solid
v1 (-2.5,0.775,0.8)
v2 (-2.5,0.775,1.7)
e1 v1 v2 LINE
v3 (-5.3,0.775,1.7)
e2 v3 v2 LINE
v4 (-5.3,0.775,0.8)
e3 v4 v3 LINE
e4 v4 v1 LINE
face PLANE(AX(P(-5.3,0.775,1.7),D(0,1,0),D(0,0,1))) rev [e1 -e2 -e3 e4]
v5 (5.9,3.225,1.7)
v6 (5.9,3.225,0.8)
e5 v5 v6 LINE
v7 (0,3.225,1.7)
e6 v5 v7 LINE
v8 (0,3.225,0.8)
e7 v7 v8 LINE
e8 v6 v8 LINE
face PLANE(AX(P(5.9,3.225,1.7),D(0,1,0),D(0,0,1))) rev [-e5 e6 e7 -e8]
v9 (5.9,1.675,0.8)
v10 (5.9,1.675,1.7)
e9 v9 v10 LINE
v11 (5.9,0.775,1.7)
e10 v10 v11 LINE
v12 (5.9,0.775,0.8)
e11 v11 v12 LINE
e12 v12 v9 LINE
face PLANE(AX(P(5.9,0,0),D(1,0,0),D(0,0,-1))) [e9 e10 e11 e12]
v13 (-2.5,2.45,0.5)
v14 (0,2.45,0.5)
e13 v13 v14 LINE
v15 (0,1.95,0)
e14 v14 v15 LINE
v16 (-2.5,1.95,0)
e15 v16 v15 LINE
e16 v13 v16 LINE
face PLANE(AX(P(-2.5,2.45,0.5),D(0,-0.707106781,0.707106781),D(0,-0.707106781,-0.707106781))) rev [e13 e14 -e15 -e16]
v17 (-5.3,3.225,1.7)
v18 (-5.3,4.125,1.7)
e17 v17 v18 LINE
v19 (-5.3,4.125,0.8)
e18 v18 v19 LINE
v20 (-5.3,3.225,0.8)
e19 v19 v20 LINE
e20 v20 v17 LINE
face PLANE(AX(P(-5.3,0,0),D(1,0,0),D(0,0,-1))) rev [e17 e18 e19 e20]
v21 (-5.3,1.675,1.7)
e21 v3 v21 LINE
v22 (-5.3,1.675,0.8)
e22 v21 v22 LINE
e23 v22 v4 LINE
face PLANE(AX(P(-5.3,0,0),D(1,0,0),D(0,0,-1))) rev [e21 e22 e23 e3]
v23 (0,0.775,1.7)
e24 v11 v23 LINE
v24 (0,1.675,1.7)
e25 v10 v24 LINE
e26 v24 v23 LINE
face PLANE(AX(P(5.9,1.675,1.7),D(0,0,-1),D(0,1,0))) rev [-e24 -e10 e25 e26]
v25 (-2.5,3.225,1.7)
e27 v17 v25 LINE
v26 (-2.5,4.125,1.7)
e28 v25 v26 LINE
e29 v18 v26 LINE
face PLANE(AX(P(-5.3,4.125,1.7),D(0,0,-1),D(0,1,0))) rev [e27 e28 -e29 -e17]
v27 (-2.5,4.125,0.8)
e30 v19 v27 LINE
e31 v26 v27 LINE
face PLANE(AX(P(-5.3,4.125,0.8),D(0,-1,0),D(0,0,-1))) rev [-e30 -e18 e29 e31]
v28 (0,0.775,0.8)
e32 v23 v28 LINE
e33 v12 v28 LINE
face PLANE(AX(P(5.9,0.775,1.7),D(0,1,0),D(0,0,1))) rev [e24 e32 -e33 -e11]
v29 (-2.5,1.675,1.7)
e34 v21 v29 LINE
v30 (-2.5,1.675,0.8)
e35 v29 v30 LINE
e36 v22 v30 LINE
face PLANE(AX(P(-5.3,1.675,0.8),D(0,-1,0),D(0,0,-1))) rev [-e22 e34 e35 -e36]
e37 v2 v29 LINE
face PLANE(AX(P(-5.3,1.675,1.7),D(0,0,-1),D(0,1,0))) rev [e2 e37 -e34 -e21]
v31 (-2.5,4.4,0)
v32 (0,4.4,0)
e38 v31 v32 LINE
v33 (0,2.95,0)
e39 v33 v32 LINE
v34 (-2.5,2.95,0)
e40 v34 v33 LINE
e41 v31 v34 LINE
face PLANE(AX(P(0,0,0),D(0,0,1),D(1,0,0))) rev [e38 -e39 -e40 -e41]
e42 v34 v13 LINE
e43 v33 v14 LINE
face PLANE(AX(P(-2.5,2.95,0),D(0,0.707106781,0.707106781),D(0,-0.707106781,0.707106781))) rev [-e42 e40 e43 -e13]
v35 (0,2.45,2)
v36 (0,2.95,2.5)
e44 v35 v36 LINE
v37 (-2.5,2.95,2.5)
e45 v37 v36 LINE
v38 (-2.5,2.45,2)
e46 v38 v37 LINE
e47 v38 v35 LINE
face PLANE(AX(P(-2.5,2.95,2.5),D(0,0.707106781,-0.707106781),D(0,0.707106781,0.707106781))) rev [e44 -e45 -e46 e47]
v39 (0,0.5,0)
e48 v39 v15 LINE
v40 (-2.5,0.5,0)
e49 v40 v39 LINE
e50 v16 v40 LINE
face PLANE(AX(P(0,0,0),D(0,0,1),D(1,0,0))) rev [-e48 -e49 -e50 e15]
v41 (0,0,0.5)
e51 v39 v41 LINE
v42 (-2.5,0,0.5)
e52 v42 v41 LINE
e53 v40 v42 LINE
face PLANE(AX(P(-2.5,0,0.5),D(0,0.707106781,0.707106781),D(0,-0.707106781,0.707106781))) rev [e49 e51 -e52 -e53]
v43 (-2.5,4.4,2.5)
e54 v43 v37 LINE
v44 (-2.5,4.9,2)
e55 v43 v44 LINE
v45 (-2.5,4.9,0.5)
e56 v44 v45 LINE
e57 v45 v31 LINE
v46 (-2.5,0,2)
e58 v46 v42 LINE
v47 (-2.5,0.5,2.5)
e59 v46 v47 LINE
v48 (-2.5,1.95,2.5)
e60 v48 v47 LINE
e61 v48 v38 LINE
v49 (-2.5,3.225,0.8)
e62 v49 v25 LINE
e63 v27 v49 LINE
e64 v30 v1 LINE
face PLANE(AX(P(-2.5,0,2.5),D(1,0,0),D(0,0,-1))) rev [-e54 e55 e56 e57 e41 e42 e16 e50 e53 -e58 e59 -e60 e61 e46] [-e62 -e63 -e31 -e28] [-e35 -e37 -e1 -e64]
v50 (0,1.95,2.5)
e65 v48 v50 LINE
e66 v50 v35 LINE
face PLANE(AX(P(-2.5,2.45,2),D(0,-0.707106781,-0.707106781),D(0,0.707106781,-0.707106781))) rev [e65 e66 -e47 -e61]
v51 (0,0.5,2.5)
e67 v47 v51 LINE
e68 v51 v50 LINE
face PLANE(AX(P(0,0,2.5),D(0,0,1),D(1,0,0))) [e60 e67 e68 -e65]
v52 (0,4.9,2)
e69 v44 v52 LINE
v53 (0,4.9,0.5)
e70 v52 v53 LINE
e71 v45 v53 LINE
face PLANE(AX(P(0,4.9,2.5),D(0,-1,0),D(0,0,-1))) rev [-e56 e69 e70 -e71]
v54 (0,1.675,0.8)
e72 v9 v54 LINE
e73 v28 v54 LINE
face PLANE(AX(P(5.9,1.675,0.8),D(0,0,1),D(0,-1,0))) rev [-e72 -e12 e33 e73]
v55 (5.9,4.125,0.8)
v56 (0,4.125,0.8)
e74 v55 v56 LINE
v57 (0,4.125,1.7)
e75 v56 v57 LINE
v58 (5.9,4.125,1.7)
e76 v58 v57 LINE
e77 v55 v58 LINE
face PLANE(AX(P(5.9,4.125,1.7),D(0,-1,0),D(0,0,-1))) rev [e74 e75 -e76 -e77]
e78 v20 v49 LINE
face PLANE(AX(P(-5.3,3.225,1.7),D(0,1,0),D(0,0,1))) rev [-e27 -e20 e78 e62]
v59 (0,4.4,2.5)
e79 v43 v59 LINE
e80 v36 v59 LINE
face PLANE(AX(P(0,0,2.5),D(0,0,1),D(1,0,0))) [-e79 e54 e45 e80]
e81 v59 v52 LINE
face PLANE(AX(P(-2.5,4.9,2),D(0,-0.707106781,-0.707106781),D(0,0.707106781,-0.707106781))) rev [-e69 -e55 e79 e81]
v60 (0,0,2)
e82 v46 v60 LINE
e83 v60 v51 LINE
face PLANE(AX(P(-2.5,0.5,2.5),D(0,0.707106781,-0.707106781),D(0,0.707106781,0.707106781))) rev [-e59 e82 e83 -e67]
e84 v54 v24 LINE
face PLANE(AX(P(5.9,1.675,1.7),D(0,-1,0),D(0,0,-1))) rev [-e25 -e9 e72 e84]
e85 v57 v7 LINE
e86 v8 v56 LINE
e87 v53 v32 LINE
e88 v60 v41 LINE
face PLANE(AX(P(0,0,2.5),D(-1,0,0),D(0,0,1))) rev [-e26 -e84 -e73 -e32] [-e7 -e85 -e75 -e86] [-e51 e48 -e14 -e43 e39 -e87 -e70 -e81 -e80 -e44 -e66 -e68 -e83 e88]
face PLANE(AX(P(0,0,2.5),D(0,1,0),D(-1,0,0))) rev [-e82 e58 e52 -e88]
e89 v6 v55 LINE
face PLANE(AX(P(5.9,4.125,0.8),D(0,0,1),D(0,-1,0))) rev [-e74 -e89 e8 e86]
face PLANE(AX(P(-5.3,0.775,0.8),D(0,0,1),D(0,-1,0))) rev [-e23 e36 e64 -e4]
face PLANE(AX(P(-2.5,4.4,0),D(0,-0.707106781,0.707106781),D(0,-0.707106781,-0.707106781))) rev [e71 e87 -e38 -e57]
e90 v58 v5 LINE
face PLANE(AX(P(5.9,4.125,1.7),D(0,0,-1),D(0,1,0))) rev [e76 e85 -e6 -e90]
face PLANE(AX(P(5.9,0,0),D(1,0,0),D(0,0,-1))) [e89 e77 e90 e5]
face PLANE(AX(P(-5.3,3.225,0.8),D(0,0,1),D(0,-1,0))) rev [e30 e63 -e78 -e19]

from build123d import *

# Parameters (mm, degrees)
SKICA1_W                 = 2.5
SKICA1_H                 = 4.9
P_IDAT_VYSUNUT_M1_DEPTH  = 2.5
ODEBRAT_VYSUNUT_M1_DEPTH = 2.5
SKICA4_W                 = 0.9
SKICA4_H                 = 0.9
P_IDAT_VYSUNUT_M2_DEPTH  = 5.9
SKICA5_W                 = 0.9
SKICA5_H                 = 0.9
P_IDAT_VYSUNUT_M3_DEPTH  = 2.8


with BuildPart() as part:
    # Skica1 → Přidat vysunutím1 (new body)
    with BuildSketch(Plane.XY):
        with Locations((-1.25, 2.45)):
            Rectangle(SKICA1_W, SKICA1_H)
    extrude(amount=P_IDAT_VYSUNUT_M1_DEPTH)

    # Skica3 → Odebrat vysunutím1 (cut)
    with BuildSketch(Plane(origin=(0, 0, 0), x_dir=(0, 0, -1), z_dir=(1, 0, 0))):
        Polygon((-2.5, 2.95), (-2, 2.45), (-2.5, 1.95), align=None)
        Polygon((0, 2.95), (-0.5, 2.45), (0, 1.95), align=None)
        Polygon((-2, 4.9), (-2.5, 4.4), (-2.5, 4.9), align=None)
        Polygon((-2.5, 0.5), (-2, 0), (-2.5, 0), align=None)
        Polygon((-0.5, 0), (0, 0.5), (0, 0), align=None)
        Polygon((0, 4.9), (0, 4.4), (-0.5, 4.9), align=None)
    extrude(amount=-ODEBRAT_VYSUNUT_M1_DEPTH, mode=Mode.SUBTRACT)

    # Skica4 → Přidat vysunutím2 (add)
    with BuildSketch(Plane(origin=(0, 0, 0), x_dir=(0, 0, -1), z_dir=(1, 0, 0))):
        with Locations((-1.25, 3.675)):
            Rectangle(SKICA4_W, SKICA4_H)
        with Locations((-1.25, 1.225)):
            Rectangle(SKICA4_W, SKICA4_H)
    extrude(amount=P_IDAT_VYSUNUT_M2_DEPTH)

    # Skica5 → Přidat vysunutím3 (add)
    with BuildSketch(Plane.ZY.offset(2.5)):
        with Locations((1.25, 3.675)):
            Rectangle(SKICA5_W, SKICA5_H)
        with Locations((1.25, 1.225)):
            Rectangle(SKICA5_W, SKICA5_H)
    extrude(amount=P_IDAT_VYSUNUT_M3_DEPTH)


solid = part.part
